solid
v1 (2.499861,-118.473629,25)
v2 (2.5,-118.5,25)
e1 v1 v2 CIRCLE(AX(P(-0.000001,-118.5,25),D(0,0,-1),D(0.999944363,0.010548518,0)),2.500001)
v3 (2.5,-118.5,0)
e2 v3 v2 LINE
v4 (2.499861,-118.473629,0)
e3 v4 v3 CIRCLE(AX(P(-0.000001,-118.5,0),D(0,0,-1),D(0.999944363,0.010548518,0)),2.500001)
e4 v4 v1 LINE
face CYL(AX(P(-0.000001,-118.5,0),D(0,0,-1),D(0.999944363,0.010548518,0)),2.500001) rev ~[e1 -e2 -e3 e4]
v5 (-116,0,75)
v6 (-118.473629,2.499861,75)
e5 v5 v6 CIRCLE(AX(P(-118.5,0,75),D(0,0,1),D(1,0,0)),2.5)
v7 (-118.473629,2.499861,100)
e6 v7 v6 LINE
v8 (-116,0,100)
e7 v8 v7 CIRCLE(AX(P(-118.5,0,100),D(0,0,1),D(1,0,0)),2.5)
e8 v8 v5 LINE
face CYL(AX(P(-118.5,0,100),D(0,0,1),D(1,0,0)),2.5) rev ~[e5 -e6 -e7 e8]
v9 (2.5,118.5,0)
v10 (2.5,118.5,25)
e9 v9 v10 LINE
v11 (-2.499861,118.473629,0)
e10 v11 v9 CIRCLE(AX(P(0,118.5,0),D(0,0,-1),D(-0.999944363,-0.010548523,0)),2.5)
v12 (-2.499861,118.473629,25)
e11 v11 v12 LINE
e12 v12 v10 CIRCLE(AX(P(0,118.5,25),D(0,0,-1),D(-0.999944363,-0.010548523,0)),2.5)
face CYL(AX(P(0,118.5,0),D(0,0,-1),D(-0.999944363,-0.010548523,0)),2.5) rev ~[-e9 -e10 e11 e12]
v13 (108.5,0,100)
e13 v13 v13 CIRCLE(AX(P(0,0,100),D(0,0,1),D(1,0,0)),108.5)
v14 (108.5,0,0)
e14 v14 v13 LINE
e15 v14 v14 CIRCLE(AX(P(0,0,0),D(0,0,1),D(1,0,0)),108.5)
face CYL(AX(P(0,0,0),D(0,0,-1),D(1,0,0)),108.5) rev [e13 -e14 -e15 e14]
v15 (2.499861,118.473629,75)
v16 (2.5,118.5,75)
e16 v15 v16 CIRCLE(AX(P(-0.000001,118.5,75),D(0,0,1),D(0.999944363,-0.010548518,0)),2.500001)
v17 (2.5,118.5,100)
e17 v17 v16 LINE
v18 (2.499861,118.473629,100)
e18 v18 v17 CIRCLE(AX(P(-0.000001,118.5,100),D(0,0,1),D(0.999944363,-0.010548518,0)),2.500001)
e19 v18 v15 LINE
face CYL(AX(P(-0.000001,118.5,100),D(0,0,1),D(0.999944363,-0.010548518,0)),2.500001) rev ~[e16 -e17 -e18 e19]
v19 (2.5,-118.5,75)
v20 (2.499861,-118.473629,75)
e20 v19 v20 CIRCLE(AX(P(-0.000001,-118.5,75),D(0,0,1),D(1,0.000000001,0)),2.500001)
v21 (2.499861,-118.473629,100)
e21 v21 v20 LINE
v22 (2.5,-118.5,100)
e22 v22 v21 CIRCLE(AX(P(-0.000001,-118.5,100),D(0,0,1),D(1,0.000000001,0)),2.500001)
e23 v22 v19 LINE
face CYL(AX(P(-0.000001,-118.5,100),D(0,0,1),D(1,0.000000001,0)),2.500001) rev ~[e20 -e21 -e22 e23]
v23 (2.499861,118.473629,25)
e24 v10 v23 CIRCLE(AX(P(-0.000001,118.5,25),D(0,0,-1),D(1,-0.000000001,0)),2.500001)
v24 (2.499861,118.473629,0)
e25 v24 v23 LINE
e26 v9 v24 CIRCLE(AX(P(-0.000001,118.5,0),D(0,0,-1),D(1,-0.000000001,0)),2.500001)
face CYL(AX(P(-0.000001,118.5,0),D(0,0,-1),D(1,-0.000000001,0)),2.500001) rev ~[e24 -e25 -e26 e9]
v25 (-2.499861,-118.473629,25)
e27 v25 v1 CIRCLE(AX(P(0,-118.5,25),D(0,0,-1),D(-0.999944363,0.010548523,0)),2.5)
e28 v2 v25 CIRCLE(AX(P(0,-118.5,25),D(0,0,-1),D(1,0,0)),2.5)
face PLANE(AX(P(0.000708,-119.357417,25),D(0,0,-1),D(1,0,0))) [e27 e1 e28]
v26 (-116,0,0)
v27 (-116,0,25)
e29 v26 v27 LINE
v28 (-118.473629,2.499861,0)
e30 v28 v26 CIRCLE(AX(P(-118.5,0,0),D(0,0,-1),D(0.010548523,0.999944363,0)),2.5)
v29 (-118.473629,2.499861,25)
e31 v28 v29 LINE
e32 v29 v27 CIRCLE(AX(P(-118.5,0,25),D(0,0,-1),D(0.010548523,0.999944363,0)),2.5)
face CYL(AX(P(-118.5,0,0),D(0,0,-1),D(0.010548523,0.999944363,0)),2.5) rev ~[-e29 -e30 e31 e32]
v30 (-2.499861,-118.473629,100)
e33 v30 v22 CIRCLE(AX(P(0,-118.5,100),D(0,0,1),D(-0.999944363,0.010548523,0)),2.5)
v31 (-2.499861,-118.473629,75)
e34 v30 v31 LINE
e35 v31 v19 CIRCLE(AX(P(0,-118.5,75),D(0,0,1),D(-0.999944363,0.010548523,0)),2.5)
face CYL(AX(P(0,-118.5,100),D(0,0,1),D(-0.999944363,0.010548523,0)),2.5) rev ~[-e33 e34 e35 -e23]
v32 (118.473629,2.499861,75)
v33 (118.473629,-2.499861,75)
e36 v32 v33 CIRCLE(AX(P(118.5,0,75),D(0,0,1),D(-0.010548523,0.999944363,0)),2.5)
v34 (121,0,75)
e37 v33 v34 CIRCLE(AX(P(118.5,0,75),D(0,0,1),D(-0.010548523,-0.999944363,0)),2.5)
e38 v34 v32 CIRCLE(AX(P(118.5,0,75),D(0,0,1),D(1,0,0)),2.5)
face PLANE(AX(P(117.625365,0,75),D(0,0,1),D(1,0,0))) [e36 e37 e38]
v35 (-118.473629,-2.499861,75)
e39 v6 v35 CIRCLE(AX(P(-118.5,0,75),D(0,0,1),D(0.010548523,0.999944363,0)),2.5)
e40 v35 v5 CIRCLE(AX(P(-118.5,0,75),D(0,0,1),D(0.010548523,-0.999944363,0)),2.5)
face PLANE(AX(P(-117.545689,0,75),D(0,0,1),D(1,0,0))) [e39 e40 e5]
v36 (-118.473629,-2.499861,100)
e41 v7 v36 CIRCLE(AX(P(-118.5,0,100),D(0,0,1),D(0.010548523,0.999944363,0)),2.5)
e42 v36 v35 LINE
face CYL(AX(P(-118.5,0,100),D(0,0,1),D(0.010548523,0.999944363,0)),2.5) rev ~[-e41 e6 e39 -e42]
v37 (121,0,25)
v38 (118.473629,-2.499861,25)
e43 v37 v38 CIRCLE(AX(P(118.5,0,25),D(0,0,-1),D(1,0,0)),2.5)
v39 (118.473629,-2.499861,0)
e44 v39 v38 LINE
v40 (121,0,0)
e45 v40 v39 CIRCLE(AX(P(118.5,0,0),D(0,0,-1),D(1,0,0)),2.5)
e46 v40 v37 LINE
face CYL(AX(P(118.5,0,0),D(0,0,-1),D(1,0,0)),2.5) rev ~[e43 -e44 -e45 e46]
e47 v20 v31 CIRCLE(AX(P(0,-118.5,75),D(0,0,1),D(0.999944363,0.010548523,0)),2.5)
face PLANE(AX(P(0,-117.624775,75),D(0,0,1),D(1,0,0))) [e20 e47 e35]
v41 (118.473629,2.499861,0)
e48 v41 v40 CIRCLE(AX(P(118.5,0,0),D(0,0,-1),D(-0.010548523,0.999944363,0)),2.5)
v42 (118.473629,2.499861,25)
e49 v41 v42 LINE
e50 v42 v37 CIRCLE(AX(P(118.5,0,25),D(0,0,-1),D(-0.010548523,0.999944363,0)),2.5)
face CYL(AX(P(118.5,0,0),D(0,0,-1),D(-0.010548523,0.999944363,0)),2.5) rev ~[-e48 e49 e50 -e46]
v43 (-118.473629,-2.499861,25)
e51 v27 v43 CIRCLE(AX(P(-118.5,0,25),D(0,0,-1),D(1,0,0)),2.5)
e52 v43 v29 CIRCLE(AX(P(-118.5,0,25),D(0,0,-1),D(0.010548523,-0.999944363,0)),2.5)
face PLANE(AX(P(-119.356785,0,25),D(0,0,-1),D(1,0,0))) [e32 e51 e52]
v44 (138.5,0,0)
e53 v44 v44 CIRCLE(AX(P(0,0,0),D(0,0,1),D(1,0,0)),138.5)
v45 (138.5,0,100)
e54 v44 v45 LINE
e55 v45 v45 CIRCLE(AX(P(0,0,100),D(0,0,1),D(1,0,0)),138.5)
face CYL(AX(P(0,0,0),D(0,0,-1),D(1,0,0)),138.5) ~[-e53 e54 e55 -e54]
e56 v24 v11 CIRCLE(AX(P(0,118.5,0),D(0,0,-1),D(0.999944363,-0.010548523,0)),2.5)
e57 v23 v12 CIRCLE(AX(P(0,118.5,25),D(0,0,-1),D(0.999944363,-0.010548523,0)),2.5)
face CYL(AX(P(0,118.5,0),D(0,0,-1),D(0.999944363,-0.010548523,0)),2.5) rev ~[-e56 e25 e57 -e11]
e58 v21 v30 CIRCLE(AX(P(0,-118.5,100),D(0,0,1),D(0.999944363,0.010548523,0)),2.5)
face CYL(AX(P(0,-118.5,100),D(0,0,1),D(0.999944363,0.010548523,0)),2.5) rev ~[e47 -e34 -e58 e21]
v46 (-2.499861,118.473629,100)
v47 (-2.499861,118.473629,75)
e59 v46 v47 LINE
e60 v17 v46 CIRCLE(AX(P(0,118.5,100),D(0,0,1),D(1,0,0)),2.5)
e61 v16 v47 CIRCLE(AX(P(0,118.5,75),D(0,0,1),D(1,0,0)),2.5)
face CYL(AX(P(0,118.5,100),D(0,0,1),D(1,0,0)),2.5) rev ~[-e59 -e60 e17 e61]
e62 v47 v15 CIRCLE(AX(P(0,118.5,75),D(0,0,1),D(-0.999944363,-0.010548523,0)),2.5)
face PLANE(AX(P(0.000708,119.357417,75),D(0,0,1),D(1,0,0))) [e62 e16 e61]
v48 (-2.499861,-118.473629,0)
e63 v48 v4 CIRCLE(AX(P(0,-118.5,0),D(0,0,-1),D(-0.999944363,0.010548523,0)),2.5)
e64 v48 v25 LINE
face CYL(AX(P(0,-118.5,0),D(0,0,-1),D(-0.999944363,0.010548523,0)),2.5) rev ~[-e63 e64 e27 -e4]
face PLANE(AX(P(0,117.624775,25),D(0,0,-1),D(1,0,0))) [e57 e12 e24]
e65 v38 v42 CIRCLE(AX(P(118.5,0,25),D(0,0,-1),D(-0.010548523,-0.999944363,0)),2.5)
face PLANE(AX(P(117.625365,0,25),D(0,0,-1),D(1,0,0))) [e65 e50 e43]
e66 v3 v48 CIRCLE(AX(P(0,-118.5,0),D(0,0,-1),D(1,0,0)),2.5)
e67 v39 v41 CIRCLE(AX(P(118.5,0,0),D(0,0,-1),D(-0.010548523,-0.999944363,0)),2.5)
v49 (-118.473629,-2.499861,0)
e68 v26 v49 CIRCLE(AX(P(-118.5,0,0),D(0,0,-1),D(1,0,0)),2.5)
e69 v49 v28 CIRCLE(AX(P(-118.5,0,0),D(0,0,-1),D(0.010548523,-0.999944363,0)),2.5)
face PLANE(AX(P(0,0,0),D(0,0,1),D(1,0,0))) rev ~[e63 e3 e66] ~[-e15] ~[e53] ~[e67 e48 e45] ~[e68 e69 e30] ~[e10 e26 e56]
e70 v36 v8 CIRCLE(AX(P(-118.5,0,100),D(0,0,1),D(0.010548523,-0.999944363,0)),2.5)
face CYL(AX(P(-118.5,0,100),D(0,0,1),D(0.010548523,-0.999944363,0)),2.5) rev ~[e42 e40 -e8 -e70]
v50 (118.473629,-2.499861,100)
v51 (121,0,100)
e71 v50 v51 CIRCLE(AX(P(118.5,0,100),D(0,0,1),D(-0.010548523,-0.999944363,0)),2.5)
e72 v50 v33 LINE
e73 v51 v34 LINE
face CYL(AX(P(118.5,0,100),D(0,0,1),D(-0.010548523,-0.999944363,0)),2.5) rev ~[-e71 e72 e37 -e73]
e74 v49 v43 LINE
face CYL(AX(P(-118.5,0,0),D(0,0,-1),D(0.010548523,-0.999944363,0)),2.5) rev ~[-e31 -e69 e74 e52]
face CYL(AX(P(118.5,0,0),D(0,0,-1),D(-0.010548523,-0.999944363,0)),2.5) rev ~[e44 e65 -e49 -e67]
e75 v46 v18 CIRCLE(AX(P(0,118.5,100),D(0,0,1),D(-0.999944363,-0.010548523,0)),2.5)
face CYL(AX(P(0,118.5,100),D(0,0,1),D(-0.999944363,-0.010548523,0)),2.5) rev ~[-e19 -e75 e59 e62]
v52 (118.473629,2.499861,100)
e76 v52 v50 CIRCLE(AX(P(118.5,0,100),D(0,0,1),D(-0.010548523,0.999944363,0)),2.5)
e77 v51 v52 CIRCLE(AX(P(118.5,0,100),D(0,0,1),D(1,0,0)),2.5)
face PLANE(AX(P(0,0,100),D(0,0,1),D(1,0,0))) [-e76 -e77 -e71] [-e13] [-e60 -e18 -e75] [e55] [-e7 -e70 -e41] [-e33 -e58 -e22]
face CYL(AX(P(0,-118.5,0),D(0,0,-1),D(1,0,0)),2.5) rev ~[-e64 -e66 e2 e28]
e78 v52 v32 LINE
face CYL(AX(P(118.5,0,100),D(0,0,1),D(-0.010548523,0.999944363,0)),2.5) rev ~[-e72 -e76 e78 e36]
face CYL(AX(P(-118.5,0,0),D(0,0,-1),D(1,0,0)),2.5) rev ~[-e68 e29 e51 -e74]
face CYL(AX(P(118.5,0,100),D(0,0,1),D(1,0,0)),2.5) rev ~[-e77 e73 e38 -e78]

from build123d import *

# Parameters (mm, degrees)
F0_R     = 138.5
F0_R_2   = 108.5
F1_DEPTH = 100
F3_DEPTH = 25
F5_DEPTH = 25


with BuildPart() as f1:
    # F0 (on Top) → F1 (new body)
    with BuildSketch(Plane.XY):
        Circle(F0_R)
        Circle(F0_R_2, mode=Mode.SUBTRACT)
    extrude(amount=F1_DEPTH)

    # F2 (on face) → F3 (cut)
    with BuildSketch(Plane.XY.offset(100)):
        with BuildLine():
            ThreePointArc((-2.499860907, 118.473628692), (0, 118.5), (2.499860907, 118.473628692))
            ThreePointArc((2.499860907, 118.473628692), (2.4999652265, 118.4868141626), (2.5, 118.5))
            ThreePointArc((2.5, 118.5), (-0.0131858374, 120.9999652265), (-2.499860907, 118.473628692))
        make_face()
        with BuildLine():
            ThreePointArc((-2.499860907, 118.473628692), (0, 116), (2.499860907, 118.473628692))
            ThreePointArc((2.499860907, 118.473628692), (0, 118.5), (-2.499860907, 118.473628692))
        make_face()
        with BuildLine():
            ThreePointArc((-116, 0), (-116.7229338406, 1.7584185693), (-118.473628692, 2.499860907))
            ThreePointArc((-118.473628692, 2.499860907), (-118.5, 0), (-118.473628692, -2.499860907))
            ThreePointArc((-118.473628692, -2.499860907), (-116.7229338406, -1.7584185693), (-116, 0))
        make_face()
        with BuildLine():
            ThreePointArc((-118.473628692, -2.499860907), (-118.5, 0), (-118.473628692, 2.499860907))
            ThreePointArc((-118.473628692, 2.499860907), (-121, 0), (-118.473628692, -2.499860907))
        make_face()
        with BuildLine():
            ThreePointArc((118.473628692, -2.499860907), (118.4934069896, -1.25), (118.5, 0))
            ThreePointArc((118.5, 0), (118.4934069896, 1.25), (118.473628692, 2.499860907))
            ThreePointArc((118.473628692, 2.499860907), (116, 0), (118.473628692, -2.499860907))
        make_face()
        with BuildLine():
            ThreePointArc((118.473628692, 2.499860907), (118.4934069896, 1.25), (118.5, 0))
            ThreePointArc((118.5, 0), (118.4934069896, -1.25), (118.473628692, -2.499860907))
            ThreePointArc((118.473628692, -2.499860907), (120.2584185693, -1.7770661594), (121, 0))
            ThreePointArc((121, 0), (120.2584185693, 1.7770661594), (118.473628692, 2.499860907))
        make_face()
        with BuildLine():
            ThreePointArc((-2.499860907, -118.473628692), (0, -118.5), (2.499860907, -118.473628692))
            ThreePointArc((2.499860907, -118.473628692), (0, -116), (-2.499860907, -118.473628692))
        make_face()
        with BuildLine():
            ThreePointArc((2.5, -118.5), (2.4999652265, -118.4868141626), (2.499860907, -118.473628692))
            ThreePointArc((2.499860907, -118.473628692), (0, -118.5), (-2.499860907, -118.473628692))
            ThreePointArc((-2.499860907, -118.473628692), (-0.0131858374, -120.9999652265), (2.5, -118.5))
        make_face()
    extrude(amount=-F3_DEPTH, mode=Mode.SUBTRACT)

    # F4 (on face) → F5 (cut)
    with BuildSketch(Plane(origin=(0, 0, 0), x_dir=(1, 0, 0), z_dir=(0, 0, -1))):
        with BuildLine():
            ThreePointArc((-2.499860907, 118.473628692), (0, 118.5), (2.499860907, 118.473628692))
            ThreePointArc((2.499860907, 118.473628692), (2.4999652265, 118.4868141626), (2.5, 118.5))
            ThreePointArc((2.5, 118.5), (-0.0131858374, 120.9999652265), (-2.499860907, 118.473628692))
        make_face()
        with BuildLine():
            ThreePointArc((-2.499860907, 118.473628692), (0, 116), (2.499860907, 118.473628692))
            ThreePointArc((2.499860907, 118.473628692), (0, 118.5), (-2.499860907, 118.473628692))
        make_face()
        with BuildLine():
            ThreePointArc((-118.473628692, -2.499860907), (-118.5, 0), (-118.473628692, 2.499860907))
            ThreePointArc((-118.473628692, 2.499860907), (-121, 0), (-118.473628692, -2.499860907))
        make_face()
        with BuildLine():
            ThreePointArc((-116, 0), (-116.7229338406, 1.7584185693), (-118.473628692, 2.499860907))
            ThreePointArc((-118.473628692, 2.499860907), (-118.5, 0), (-118.473628692, -2.499860907))
            ThreePointArc((-118.473628692, -2.499860907), (-116.7229338406, -1.7584185693), (-116, 0))
        make_face()
        with BuildLine():
            ThreePointArc((118.473628692, -2.499860907), (118.4934069896, -1.25), (118.5, 0))
            ThreePointArc((118.5, 0), (118.4934069896, 1.25), (118.473628692, 2.499860907))
            ThreePointArc((118.473628692, 2.499860907), (116, 0), (118.473628692, -2.499860907))
        make_face()
        with BuildLine():
            ThreePointArc((118.473628692, 2.499860907), (118.4934069896, 1.25), (118.5, 0))
            ThreePointArc((118.5, 0), (118.4934069896, -1.25), (118.473628692, -2.499860907))
            ThreePointArc((118.473628692, -2.499860907), (120.2584185693, -1.7770661594), (121, 0))
            ThreePointArc((121, 0), (120.2584185693, 1.7770661594), (118.473628692, 2.499860907))
        make_face()
        with BuildLine():
            ThreePointArc((-2.499860907, -118.473628692), (0, -118.5), (2.499860907, -118.473628692))
            ThreePointArc((2.499860907, -118.473628692), (0, -116), (-2.499860907, -118.473628692))
        make_face()
        with BuildLine():
            ThreePointArc((2.5, -118.5), (2.4999652265, -118.4868141626), (2.499860907, -118.473628692))
            ThreePointArc((2.499860907, -118.473628692), (0, -118.5), (-2.499860907, -118.473628692))
            ThreePointArc((-2.499860907, -118.473628692), (-0.0131858374, -120.9999652265), (2.5, -118.5))
        make_face()
    extrude(amount=-F5_DEPTH, mode=Mode.SUBTRACT)


solid = f1.part
